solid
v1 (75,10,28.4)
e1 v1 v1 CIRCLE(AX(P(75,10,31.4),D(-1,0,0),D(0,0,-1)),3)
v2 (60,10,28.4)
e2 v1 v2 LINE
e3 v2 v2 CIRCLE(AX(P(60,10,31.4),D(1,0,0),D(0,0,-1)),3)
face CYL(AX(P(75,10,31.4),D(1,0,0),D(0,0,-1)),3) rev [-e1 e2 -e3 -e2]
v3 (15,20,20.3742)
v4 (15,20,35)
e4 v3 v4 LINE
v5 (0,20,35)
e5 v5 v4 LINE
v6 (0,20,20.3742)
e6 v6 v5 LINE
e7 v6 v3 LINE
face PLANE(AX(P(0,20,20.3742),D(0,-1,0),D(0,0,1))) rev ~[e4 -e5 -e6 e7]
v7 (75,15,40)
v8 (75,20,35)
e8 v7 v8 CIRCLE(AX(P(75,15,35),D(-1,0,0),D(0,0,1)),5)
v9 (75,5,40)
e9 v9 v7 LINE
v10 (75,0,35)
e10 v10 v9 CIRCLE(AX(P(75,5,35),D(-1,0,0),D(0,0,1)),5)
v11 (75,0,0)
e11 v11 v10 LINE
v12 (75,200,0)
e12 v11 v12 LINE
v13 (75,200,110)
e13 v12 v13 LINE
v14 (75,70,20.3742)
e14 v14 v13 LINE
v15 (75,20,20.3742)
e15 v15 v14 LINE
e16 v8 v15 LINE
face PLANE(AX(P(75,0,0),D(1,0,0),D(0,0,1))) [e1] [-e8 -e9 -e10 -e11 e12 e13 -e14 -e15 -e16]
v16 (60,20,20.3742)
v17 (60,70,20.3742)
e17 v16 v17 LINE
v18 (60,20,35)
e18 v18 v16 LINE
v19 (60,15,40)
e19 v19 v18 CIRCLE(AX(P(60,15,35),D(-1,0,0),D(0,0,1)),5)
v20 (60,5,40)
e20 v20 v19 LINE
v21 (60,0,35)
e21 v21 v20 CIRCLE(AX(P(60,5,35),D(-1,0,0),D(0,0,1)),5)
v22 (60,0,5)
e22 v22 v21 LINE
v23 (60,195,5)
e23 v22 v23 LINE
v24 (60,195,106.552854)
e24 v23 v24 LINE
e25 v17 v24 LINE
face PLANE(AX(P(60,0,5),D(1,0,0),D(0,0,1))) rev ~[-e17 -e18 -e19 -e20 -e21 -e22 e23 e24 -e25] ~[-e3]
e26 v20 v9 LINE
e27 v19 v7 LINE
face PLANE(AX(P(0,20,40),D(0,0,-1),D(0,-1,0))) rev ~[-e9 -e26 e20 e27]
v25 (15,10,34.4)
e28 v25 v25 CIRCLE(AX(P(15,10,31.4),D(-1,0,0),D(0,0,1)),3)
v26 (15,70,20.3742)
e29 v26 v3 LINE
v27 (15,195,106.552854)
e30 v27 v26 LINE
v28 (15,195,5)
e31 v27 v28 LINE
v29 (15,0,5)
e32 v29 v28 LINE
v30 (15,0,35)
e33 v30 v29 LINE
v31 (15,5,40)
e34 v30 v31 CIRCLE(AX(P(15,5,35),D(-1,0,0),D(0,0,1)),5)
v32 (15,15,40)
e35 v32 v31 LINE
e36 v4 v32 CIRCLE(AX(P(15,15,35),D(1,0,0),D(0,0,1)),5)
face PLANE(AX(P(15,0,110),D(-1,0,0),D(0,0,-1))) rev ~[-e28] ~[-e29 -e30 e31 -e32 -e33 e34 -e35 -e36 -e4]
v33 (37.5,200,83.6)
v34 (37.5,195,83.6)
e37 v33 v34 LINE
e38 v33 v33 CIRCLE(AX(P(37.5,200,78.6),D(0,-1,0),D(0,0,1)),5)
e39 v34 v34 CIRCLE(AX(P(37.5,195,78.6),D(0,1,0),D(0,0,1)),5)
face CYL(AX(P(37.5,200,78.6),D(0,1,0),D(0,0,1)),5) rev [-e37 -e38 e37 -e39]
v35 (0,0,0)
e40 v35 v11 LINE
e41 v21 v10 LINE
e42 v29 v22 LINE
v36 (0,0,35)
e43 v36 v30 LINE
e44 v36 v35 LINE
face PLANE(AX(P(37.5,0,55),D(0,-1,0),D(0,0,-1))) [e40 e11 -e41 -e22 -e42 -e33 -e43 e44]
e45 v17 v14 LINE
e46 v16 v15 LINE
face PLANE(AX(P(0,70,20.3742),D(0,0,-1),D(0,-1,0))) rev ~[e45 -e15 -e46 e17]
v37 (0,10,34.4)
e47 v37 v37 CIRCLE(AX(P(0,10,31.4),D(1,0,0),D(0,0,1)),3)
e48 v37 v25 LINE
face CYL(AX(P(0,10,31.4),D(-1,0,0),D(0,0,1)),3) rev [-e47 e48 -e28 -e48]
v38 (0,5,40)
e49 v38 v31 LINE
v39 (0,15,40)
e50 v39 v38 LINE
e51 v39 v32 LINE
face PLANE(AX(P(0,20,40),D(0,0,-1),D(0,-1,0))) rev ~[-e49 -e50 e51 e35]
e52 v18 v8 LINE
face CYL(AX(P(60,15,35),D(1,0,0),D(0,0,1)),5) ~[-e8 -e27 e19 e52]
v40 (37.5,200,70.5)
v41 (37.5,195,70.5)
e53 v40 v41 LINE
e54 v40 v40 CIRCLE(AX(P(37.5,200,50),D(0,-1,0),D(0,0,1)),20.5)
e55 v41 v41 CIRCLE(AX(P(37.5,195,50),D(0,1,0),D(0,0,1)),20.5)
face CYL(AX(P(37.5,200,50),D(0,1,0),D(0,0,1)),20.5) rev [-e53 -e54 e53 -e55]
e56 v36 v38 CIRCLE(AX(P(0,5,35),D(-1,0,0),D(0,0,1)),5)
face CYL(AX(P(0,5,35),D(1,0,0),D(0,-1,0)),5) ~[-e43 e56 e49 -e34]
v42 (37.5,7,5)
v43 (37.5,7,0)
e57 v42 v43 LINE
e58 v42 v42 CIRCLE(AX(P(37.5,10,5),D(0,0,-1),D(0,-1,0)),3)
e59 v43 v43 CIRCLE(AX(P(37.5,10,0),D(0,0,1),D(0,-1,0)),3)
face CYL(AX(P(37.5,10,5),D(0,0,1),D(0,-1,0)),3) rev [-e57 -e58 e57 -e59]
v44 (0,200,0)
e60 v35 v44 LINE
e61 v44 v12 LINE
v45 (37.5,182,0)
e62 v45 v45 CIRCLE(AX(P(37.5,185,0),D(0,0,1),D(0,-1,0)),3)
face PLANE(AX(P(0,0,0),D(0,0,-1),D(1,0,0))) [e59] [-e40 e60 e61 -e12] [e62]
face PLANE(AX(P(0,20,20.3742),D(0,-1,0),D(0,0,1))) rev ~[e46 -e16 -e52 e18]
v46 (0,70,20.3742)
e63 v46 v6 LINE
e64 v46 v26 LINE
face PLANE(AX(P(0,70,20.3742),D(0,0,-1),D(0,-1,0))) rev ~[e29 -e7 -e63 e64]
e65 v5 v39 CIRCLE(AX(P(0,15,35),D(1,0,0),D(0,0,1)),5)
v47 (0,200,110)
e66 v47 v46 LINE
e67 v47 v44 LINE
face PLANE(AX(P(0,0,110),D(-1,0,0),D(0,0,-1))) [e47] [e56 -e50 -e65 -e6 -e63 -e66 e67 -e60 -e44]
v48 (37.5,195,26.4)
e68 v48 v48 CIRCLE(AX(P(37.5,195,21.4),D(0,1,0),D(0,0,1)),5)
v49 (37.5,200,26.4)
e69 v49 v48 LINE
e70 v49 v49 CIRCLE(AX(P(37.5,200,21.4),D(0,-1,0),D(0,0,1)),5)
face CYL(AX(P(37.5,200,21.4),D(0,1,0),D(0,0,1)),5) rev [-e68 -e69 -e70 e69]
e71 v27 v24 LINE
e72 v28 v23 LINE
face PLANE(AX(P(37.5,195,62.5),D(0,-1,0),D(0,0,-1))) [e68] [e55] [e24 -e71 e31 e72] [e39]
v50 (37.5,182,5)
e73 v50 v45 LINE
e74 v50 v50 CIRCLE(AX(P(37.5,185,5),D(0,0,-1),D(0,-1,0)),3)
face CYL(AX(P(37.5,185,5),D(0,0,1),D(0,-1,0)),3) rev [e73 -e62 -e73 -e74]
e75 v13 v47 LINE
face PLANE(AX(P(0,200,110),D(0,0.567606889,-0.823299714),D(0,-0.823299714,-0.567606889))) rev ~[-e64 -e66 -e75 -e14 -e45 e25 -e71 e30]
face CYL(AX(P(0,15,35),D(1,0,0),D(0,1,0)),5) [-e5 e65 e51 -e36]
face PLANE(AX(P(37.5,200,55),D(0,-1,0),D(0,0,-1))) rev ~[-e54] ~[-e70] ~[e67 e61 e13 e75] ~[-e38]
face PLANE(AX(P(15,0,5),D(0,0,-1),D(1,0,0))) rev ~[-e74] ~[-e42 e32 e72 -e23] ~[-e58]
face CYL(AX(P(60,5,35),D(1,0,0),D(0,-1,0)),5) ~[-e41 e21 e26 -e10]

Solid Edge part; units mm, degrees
sketch "Sketch1" plane through (0, 0, 0) normal (0, -1, 0) x (1, 0, 0)
  line L0 (0, 110) -> (0, 0)
  line L1 (0, 0) -> (75, 0)
  line L2 (75, 0) -> (75, 110)
  line L3 (75, 110) -> (0, 110)
  dimension "D1" = 75
  dimension "D2" = 110
extrude "Protrusion1" add sketch "Sketch1" against normal blind 200
sketch "Sketch2" plane through (37.5, 0, 62.5) normal (0, -1, 0) x (1, 0, 0)
  line L0 (-22.5, 47.5) -> (-22.5, -57.5)
  line L1 (-22.5, -57.5) -> (22.5, -57.5)
  line L2 (22.5, -57.5) -> (22.5, 47.5)
  dimension "D1" = 45
  dimension "D2" = 5
  dimension "D3" = 15
extrude "ExtrudedCutout_1" cut sketch "Sketch2" against normal blind 195 material side at (15.05, 0, 57.5)
sketch "Sketch3" plane through (0, 100, 62.5) normal (-1, 0, 0) x (0, -1, 0)
  line L0 (-100, 47.5) -> (30, -42.1258)
  line L1 (30, -42.1258) -> (80, -42.1258)
  line L2 (80, -42.1258) -> (80, -22.5)
  line L3 (80, -22.5) -> (100, -22.5)
  line L4 (100, 47.5) -> (100, -22.5)
  line L5 (-100, 47.5) -> (100, 47.5)
  dimension "D1" = 40
  dimension "D2" = 20
  dimension "D3" = 50
  dimension "D4" = 157.9012
extrude "ExtrudedCutout_2" cut sketch "Sketch3" against normal blind 140
hole "hål_till_pedal_vänster" at (0, 10, 31.4) direction (1, 0, 0) diameter 6 end up to next
hole "Hål_till_pedal_höger_" at (75, 10, 31.4) direction (-1, 0, 0) diameter 6 end up to next
fillet "Avrundning" radius 5 4 edges at (67.5, 0, 40) (67.5, 20, 40) (7.5, 0, 40) (7.5, 20, 40)
hole "Hål_till_huvudcylinder" at (37.5, 200, 50) direction (0, -1, 0) diameter 41 end up to next
hole "Hole1" at (37.5, 200, 78.6) direction (0, -1, 0) diameter 10 end up to next
hole "Hole2" at (37.5, 200, 21.4) direction (0, -1, 0) diameter 10 end up to next
hole "Hole3" at (37.5, 10, 5) direction (0, 0, -1) diameter 6 end through all
hole "Hole4" at (37.5, 185, 5) direction (0, 0, -1) diameter 6 end through all
properties material "Aluminum, 1060"
